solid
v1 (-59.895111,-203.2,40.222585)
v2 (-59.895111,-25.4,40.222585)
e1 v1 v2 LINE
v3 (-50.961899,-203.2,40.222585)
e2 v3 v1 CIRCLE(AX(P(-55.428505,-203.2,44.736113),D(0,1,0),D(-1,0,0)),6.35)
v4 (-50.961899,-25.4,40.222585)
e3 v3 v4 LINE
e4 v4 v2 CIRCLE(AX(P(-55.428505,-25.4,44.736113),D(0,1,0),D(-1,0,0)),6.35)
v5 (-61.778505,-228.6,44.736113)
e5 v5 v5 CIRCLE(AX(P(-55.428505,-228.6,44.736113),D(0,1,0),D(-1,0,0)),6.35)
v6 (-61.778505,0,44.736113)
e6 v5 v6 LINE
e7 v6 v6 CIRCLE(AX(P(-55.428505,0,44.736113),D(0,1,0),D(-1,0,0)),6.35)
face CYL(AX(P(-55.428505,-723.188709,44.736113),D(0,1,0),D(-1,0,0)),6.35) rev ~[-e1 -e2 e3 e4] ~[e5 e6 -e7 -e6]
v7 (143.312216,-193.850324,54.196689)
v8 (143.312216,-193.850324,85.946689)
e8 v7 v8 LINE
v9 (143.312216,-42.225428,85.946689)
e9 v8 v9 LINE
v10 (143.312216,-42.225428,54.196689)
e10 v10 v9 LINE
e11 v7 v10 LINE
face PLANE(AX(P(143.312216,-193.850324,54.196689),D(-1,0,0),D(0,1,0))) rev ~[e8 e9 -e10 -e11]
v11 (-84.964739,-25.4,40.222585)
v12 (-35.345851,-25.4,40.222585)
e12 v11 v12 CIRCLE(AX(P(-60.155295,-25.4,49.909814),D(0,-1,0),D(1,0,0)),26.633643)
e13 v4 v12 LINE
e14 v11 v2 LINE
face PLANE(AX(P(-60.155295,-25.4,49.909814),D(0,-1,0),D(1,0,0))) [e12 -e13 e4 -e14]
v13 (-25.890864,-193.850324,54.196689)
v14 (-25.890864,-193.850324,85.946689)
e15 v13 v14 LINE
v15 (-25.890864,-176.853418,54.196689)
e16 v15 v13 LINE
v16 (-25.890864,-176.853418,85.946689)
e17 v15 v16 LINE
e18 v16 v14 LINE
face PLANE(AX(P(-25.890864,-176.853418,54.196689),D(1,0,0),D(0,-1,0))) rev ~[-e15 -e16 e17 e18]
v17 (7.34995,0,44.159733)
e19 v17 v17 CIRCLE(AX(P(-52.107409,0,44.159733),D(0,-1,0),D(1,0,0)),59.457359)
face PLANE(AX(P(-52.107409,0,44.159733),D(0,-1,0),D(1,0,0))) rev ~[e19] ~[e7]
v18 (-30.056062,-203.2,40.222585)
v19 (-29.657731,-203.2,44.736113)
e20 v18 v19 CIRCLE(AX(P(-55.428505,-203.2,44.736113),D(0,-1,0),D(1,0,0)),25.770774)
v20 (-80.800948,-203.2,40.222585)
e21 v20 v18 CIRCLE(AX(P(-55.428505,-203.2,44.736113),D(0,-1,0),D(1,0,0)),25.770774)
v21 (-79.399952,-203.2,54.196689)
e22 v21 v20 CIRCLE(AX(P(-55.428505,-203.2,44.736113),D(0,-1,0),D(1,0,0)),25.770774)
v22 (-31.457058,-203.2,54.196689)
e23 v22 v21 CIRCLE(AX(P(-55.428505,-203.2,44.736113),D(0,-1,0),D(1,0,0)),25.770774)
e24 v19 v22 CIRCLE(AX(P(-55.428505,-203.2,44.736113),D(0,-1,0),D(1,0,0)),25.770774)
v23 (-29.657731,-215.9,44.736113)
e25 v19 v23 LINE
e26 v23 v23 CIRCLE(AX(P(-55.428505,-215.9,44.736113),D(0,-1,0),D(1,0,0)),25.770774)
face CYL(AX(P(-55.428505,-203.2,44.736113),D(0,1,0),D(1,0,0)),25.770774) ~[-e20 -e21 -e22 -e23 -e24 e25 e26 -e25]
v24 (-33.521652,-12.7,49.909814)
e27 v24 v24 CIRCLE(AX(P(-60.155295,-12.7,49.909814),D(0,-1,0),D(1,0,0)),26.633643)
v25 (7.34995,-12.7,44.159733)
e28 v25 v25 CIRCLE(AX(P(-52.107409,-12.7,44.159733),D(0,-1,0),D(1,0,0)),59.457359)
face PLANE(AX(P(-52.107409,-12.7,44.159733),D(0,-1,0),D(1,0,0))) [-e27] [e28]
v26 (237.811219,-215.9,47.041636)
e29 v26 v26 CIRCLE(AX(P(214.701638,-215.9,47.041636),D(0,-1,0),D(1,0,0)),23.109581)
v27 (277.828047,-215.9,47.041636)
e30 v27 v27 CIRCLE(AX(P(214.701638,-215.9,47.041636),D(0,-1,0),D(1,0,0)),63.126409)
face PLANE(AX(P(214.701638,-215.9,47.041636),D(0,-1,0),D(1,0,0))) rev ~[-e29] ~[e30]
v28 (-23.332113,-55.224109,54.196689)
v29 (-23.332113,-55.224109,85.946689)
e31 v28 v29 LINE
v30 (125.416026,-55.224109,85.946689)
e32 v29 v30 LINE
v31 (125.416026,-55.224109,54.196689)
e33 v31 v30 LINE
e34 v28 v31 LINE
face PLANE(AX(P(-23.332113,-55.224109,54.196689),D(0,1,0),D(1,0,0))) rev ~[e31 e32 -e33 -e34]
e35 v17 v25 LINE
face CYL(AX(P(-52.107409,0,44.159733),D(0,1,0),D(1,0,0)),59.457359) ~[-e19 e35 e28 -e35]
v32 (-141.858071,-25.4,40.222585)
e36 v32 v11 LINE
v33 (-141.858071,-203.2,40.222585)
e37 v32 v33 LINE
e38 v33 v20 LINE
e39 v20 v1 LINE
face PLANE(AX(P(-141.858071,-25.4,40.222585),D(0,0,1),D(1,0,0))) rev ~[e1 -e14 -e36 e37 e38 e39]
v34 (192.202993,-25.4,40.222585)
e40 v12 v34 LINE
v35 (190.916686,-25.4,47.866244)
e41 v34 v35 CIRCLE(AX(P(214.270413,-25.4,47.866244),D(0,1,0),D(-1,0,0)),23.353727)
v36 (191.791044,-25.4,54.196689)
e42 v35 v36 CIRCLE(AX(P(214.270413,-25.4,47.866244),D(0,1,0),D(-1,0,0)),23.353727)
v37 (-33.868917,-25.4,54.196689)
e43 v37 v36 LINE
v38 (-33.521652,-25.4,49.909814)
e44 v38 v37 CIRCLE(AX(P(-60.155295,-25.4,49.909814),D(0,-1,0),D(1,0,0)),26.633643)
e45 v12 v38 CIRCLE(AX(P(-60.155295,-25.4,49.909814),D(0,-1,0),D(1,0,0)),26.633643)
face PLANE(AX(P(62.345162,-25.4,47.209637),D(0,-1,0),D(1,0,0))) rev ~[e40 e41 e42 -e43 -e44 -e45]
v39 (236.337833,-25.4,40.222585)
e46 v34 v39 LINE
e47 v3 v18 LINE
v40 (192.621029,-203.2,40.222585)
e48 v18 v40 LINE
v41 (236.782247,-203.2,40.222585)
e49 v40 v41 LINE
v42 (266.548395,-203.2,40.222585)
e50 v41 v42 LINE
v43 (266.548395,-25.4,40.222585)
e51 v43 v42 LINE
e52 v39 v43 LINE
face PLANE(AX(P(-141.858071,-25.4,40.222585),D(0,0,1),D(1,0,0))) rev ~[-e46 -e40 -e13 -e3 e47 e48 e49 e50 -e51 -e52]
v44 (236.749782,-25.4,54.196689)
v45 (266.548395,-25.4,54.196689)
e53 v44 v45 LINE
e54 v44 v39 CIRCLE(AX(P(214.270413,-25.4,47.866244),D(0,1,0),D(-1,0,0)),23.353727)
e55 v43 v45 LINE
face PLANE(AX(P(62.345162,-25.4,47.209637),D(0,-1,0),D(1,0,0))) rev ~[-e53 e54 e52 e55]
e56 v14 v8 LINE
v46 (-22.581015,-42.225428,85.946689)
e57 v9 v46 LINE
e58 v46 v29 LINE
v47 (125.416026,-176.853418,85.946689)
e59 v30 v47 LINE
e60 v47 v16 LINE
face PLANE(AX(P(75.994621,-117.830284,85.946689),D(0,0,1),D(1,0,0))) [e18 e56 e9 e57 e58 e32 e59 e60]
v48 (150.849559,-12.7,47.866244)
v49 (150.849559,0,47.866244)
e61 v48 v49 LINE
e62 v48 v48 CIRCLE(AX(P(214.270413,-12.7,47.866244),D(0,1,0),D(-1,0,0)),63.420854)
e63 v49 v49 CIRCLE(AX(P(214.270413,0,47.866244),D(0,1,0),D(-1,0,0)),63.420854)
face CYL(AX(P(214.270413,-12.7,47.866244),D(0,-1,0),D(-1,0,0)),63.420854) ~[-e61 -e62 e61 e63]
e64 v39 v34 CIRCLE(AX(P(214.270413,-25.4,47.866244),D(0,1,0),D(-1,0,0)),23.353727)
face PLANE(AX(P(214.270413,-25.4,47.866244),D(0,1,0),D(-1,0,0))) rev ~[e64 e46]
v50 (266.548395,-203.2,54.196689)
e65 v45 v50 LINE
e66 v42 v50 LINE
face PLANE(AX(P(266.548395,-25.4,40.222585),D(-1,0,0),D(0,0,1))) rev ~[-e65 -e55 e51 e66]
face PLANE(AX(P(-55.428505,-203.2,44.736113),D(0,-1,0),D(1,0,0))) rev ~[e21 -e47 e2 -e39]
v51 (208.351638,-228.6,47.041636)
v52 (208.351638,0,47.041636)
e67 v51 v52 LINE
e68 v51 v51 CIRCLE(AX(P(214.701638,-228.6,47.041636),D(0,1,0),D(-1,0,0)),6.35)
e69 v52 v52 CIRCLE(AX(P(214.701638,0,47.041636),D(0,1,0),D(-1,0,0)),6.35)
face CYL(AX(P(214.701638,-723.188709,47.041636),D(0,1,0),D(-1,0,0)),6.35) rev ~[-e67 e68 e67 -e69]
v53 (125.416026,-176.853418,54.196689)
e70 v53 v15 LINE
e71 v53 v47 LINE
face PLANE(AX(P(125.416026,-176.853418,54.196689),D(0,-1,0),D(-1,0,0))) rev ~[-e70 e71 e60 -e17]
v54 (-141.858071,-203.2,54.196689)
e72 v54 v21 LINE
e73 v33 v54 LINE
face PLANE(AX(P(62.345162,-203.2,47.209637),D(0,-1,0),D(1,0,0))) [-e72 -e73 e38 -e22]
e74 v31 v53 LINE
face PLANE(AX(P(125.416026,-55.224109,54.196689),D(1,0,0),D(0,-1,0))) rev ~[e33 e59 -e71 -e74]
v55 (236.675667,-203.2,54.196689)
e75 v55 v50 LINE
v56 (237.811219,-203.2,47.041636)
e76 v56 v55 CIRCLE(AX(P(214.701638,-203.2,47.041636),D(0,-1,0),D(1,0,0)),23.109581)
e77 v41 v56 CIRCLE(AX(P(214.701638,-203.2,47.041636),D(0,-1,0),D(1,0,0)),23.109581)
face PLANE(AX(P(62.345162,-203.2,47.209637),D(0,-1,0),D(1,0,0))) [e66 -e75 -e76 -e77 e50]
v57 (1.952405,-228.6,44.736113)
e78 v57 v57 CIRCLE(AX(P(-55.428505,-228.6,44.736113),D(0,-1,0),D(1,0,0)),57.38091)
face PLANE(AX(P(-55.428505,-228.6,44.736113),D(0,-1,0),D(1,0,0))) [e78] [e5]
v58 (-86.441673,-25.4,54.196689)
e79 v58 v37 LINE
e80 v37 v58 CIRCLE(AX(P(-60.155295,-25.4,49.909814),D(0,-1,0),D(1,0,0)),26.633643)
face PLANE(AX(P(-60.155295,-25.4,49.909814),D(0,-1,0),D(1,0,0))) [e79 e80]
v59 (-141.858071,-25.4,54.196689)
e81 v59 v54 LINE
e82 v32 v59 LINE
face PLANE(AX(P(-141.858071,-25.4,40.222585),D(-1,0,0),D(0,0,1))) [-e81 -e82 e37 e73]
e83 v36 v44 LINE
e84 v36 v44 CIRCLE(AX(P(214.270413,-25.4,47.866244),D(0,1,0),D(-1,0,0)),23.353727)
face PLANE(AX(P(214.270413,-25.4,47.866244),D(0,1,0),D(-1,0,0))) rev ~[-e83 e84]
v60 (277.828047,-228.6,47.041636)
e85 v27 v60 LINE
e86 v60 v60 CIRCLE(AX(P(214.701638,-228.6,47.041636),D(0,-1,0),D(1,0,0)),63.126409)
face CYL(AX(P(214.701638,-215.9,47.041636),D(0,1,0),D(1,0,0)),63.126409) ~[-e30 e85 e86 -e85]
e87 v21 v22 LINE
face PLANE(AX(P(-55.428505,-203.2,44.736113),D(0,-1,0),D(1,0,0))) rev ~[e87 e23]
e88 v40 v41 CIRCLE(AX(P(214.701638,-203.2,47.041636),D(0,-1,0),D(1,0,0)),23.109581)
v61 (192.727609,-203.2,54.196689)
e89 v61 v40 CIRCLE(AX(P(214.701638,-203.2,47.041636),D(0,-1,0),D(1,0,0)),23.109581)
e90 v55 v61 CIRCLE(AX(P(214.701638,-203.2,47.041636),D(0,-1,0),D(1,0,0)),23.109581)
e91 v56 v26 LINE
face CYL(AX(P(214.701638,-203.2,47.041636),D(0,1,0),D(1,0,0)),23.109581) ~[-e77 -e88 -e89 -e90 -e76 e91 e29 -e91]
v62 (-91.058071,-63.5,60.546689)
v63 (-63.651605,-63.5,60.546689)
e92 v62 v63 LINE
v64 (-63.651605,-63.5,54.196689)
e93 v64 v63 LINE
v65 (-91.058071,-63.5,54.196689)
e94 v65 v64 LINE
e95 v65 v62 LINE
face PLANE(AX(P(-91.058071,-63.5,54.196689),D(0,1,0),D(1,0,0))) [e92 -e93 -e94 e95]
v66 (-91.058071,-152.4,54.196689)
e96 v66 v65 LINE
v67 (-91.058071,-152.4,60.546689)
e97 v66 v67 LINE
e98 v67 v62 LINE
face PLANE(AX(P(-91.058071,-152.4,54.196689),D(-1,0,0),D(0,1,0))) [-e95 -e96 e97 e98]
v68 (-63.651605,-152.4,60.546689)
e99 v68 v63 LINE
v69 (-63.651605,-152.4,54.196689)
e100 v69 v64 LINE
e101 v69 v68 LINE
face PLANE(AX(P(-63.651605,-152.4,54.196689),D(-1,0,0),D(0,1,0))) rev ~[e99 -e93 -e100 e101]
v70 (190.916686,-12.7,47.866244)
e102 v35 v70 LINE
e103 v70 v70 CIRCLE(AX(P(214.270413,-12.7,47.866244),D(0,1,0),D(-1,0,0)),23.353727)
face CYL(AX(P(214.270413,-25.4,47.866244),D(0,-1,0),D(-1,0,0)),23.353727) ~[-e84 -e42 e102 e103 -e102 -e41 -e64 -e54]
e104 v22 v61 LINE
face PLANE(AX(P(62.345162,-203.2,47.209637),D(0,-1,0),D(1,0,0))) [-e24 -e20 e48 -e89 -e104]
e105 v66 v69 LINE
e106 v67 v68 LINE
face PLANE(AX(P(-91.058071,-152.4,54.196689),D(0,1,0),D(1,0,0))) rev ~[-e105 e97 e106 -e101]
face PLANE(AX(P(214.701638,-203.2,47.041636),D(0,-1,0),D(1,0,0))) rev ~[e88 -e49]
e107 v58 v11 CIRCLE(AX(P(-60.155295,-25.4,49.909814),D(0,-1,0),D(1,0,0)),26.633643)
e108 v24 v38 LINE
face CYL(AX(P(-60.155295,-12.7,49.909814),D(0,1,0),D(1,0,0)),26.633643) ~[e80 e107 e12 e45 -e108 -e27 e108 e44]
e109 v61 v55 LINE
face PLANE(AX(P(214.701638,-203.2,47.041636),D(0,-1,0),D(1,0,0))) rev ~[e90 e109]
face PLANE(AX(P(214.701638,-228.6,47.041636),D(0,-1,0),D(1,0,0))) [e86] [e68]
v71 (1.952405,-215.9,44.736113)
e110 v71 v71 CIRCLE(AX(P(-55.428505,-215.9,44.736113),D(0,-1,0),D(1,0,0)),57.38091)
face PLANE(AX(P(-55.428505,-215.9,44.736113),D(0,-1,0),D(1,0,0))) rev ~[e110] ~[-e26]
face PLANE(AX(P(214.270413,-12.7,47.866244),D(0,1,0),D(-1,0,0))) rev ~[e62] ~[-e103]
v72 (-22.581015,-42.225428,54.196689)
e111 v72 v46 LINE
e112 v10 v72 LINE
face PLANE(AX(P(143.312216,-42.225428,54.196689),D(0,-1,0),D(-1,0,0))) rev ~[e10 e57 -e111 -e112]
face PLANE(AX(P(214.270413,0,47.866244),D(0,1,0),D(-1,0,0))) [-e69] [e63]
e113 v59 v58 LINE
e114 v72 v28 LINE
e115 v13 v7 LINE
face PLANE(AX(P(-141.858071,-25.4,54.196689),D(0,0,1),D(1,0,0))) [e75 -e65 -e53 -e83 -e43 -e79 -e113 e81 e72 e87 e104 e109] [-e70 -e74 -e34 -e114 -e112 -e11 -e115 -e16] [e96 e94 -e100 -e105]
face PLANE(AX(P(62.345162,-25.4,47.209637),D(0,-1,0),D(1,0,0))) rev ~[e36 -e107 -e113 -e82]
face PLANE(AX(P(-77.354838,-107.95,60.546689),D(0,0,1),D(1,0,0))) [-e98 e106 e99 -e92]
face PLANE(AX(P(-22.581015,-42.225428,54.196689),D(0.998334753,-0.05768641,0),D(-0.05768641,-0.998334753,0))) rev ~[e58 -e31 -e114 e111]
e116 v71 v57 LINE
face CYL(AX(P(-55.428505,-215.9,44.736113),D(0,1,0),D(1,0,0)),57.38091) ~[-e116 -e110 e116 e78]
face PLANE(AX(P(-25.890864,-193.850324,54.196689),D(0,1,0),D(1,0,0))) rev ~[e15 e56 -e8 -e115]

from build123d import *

# Parameters (mm, degrees)
F0_R      = 59.457359
F1_DEPTH  = 12.7
F3_R      = 26.633643
F4_DEPTH  = 12.7
F5_W      = 408.406466
F5_H      = 13.974104
F6_DEPTH  = 177.8
F7_R      = 25.770774
F8_DEPTH  = 12.7
F9_R      = 57.38091
F10_DEPTH = 12.7
F11_W     = 27.406466
F11_H     = 88.9
F12_DEPTH = 6.35
F13_R     = 23.109581
F14_DEPTH = 12.7
F15_R     = 63.126409
F16_DEPTH = 12.7
F17_R     = 23.353727
F18_DEPTH = 12.7
F19_R     = 63.420854
F20_DEPTH = 12.7
F22_DEPTH = 31.75
F24_D     = 12.7
F26_D     = 12.7


with BuildPart() as f1:
    # F0 (on Front) → F1 (new body)
    with BuildSketch(Plane.XZ):
        with Locations((-52.107409, 44.159733)):
            Circle(F0_R)
    extrude(amount=F1_DEPTH)

    # F3 (on face) → F4 (join)
    with BuildSketch(Plane.XZ.offset(12.7)):
        with Locations((-60.155295, 49.909814)):
            Circle(F3_R)
    extrude(amount=F4_DEPTH)

    # F5 (on face) → F6 (join)
    with BuildSketch(Plane.XZ.offset(25.4)):
        with Locations((62.345162, 47.209637)):
            Rectangle(F5_W, F5_H)
    extrude(amount=F6_DEPTH)

    # F7 (on face) → F8 (join)
    with BuildSketch(Plane.XZ.offset(203.2)):
        with Locations((-55.428505, 44.736113)):
            Circle(F7_R)
    extrude(amount=F8_DEPTH)

    # F9 (on face) → F10 (join)
    with BuildSketch(Plane.XZ.offset(215.9)):
        with Locations((-55.428505, 44.736113)):
            Circle(F9_R)
    extrude(amount=F10_DEPTH)

    # F11 (on face) → F12 (join)
    with BuildSketch(Plane.XY.offset(54.196689)):
        with Locations((-77.354838, -107.95)):
            Rectangle(F11_W, F11_H)
    extrude(amount=F12_DEPTH)

    # F13 (on face) → F14 (join)
    with BuildSketch(Plane.XZ.offset(203.2)):
        with Locations((214.701638, 47.041636)):
            Circle(F13_R)
    extrude(amount=F14_DEPTH)

    # F15 (on face) → F16 (join)
    with BuildSketch(Plane.XZ.offset(215.9)):
        with Locations((214.701638, 47.041636)):
            Circle(F15_R)
    extrude(amount=F16_DEPTH)

    # F17 (on face) → F18 (join)
    with BuildSketch(Plane(origin=(0, -25.4, 0), x_dir=(-1, 0, 0), z_dir=(0, 1, 0))):
        with Locations((-214.270413, 47.866244)):
            Circle(F17_R)
    extrude(amount=F18_DEPTH)

    # F19 (on face) → F20 (join)
    with BuildSketch(Plane(origin=(0, -12.7, 0), x_dir=(-1, 0, 0), z_dir=(0, 1, 0))):
        with Locations((-214.270413, 47.866244)):
            Circle(F19_R)
    extrude(amount=F20_DEPTH)

    # F21 (on face) → F22 (join)
    with BuildSketch(Plane.XY.offset(54.196689)):
        Polygon((143.312216, -42.225428), (-22.581015, -42.225428), (-23.332113, -55.224109), (125.416026, -55.224109), (125.416026, -176.853418), (-25.890864, -176.853418), (-25.890864, -193.850324), (143.312216, -193.850324), align=None)
    extrude(amount=F22_DEPTH)

    # F24 (through all)
    with Locations(Plane.XZ.offset(228.6)):
        with Locations((-55.428505, 44.736113)):
            Hole(F24_D / 2)

    # F26 (through all)
    with Locations(Plane.XZ.offset(228.6)):
        with Locations((214.701638, 47.041636)):
            Hole(F26_D / 2)


solid = f1.part
